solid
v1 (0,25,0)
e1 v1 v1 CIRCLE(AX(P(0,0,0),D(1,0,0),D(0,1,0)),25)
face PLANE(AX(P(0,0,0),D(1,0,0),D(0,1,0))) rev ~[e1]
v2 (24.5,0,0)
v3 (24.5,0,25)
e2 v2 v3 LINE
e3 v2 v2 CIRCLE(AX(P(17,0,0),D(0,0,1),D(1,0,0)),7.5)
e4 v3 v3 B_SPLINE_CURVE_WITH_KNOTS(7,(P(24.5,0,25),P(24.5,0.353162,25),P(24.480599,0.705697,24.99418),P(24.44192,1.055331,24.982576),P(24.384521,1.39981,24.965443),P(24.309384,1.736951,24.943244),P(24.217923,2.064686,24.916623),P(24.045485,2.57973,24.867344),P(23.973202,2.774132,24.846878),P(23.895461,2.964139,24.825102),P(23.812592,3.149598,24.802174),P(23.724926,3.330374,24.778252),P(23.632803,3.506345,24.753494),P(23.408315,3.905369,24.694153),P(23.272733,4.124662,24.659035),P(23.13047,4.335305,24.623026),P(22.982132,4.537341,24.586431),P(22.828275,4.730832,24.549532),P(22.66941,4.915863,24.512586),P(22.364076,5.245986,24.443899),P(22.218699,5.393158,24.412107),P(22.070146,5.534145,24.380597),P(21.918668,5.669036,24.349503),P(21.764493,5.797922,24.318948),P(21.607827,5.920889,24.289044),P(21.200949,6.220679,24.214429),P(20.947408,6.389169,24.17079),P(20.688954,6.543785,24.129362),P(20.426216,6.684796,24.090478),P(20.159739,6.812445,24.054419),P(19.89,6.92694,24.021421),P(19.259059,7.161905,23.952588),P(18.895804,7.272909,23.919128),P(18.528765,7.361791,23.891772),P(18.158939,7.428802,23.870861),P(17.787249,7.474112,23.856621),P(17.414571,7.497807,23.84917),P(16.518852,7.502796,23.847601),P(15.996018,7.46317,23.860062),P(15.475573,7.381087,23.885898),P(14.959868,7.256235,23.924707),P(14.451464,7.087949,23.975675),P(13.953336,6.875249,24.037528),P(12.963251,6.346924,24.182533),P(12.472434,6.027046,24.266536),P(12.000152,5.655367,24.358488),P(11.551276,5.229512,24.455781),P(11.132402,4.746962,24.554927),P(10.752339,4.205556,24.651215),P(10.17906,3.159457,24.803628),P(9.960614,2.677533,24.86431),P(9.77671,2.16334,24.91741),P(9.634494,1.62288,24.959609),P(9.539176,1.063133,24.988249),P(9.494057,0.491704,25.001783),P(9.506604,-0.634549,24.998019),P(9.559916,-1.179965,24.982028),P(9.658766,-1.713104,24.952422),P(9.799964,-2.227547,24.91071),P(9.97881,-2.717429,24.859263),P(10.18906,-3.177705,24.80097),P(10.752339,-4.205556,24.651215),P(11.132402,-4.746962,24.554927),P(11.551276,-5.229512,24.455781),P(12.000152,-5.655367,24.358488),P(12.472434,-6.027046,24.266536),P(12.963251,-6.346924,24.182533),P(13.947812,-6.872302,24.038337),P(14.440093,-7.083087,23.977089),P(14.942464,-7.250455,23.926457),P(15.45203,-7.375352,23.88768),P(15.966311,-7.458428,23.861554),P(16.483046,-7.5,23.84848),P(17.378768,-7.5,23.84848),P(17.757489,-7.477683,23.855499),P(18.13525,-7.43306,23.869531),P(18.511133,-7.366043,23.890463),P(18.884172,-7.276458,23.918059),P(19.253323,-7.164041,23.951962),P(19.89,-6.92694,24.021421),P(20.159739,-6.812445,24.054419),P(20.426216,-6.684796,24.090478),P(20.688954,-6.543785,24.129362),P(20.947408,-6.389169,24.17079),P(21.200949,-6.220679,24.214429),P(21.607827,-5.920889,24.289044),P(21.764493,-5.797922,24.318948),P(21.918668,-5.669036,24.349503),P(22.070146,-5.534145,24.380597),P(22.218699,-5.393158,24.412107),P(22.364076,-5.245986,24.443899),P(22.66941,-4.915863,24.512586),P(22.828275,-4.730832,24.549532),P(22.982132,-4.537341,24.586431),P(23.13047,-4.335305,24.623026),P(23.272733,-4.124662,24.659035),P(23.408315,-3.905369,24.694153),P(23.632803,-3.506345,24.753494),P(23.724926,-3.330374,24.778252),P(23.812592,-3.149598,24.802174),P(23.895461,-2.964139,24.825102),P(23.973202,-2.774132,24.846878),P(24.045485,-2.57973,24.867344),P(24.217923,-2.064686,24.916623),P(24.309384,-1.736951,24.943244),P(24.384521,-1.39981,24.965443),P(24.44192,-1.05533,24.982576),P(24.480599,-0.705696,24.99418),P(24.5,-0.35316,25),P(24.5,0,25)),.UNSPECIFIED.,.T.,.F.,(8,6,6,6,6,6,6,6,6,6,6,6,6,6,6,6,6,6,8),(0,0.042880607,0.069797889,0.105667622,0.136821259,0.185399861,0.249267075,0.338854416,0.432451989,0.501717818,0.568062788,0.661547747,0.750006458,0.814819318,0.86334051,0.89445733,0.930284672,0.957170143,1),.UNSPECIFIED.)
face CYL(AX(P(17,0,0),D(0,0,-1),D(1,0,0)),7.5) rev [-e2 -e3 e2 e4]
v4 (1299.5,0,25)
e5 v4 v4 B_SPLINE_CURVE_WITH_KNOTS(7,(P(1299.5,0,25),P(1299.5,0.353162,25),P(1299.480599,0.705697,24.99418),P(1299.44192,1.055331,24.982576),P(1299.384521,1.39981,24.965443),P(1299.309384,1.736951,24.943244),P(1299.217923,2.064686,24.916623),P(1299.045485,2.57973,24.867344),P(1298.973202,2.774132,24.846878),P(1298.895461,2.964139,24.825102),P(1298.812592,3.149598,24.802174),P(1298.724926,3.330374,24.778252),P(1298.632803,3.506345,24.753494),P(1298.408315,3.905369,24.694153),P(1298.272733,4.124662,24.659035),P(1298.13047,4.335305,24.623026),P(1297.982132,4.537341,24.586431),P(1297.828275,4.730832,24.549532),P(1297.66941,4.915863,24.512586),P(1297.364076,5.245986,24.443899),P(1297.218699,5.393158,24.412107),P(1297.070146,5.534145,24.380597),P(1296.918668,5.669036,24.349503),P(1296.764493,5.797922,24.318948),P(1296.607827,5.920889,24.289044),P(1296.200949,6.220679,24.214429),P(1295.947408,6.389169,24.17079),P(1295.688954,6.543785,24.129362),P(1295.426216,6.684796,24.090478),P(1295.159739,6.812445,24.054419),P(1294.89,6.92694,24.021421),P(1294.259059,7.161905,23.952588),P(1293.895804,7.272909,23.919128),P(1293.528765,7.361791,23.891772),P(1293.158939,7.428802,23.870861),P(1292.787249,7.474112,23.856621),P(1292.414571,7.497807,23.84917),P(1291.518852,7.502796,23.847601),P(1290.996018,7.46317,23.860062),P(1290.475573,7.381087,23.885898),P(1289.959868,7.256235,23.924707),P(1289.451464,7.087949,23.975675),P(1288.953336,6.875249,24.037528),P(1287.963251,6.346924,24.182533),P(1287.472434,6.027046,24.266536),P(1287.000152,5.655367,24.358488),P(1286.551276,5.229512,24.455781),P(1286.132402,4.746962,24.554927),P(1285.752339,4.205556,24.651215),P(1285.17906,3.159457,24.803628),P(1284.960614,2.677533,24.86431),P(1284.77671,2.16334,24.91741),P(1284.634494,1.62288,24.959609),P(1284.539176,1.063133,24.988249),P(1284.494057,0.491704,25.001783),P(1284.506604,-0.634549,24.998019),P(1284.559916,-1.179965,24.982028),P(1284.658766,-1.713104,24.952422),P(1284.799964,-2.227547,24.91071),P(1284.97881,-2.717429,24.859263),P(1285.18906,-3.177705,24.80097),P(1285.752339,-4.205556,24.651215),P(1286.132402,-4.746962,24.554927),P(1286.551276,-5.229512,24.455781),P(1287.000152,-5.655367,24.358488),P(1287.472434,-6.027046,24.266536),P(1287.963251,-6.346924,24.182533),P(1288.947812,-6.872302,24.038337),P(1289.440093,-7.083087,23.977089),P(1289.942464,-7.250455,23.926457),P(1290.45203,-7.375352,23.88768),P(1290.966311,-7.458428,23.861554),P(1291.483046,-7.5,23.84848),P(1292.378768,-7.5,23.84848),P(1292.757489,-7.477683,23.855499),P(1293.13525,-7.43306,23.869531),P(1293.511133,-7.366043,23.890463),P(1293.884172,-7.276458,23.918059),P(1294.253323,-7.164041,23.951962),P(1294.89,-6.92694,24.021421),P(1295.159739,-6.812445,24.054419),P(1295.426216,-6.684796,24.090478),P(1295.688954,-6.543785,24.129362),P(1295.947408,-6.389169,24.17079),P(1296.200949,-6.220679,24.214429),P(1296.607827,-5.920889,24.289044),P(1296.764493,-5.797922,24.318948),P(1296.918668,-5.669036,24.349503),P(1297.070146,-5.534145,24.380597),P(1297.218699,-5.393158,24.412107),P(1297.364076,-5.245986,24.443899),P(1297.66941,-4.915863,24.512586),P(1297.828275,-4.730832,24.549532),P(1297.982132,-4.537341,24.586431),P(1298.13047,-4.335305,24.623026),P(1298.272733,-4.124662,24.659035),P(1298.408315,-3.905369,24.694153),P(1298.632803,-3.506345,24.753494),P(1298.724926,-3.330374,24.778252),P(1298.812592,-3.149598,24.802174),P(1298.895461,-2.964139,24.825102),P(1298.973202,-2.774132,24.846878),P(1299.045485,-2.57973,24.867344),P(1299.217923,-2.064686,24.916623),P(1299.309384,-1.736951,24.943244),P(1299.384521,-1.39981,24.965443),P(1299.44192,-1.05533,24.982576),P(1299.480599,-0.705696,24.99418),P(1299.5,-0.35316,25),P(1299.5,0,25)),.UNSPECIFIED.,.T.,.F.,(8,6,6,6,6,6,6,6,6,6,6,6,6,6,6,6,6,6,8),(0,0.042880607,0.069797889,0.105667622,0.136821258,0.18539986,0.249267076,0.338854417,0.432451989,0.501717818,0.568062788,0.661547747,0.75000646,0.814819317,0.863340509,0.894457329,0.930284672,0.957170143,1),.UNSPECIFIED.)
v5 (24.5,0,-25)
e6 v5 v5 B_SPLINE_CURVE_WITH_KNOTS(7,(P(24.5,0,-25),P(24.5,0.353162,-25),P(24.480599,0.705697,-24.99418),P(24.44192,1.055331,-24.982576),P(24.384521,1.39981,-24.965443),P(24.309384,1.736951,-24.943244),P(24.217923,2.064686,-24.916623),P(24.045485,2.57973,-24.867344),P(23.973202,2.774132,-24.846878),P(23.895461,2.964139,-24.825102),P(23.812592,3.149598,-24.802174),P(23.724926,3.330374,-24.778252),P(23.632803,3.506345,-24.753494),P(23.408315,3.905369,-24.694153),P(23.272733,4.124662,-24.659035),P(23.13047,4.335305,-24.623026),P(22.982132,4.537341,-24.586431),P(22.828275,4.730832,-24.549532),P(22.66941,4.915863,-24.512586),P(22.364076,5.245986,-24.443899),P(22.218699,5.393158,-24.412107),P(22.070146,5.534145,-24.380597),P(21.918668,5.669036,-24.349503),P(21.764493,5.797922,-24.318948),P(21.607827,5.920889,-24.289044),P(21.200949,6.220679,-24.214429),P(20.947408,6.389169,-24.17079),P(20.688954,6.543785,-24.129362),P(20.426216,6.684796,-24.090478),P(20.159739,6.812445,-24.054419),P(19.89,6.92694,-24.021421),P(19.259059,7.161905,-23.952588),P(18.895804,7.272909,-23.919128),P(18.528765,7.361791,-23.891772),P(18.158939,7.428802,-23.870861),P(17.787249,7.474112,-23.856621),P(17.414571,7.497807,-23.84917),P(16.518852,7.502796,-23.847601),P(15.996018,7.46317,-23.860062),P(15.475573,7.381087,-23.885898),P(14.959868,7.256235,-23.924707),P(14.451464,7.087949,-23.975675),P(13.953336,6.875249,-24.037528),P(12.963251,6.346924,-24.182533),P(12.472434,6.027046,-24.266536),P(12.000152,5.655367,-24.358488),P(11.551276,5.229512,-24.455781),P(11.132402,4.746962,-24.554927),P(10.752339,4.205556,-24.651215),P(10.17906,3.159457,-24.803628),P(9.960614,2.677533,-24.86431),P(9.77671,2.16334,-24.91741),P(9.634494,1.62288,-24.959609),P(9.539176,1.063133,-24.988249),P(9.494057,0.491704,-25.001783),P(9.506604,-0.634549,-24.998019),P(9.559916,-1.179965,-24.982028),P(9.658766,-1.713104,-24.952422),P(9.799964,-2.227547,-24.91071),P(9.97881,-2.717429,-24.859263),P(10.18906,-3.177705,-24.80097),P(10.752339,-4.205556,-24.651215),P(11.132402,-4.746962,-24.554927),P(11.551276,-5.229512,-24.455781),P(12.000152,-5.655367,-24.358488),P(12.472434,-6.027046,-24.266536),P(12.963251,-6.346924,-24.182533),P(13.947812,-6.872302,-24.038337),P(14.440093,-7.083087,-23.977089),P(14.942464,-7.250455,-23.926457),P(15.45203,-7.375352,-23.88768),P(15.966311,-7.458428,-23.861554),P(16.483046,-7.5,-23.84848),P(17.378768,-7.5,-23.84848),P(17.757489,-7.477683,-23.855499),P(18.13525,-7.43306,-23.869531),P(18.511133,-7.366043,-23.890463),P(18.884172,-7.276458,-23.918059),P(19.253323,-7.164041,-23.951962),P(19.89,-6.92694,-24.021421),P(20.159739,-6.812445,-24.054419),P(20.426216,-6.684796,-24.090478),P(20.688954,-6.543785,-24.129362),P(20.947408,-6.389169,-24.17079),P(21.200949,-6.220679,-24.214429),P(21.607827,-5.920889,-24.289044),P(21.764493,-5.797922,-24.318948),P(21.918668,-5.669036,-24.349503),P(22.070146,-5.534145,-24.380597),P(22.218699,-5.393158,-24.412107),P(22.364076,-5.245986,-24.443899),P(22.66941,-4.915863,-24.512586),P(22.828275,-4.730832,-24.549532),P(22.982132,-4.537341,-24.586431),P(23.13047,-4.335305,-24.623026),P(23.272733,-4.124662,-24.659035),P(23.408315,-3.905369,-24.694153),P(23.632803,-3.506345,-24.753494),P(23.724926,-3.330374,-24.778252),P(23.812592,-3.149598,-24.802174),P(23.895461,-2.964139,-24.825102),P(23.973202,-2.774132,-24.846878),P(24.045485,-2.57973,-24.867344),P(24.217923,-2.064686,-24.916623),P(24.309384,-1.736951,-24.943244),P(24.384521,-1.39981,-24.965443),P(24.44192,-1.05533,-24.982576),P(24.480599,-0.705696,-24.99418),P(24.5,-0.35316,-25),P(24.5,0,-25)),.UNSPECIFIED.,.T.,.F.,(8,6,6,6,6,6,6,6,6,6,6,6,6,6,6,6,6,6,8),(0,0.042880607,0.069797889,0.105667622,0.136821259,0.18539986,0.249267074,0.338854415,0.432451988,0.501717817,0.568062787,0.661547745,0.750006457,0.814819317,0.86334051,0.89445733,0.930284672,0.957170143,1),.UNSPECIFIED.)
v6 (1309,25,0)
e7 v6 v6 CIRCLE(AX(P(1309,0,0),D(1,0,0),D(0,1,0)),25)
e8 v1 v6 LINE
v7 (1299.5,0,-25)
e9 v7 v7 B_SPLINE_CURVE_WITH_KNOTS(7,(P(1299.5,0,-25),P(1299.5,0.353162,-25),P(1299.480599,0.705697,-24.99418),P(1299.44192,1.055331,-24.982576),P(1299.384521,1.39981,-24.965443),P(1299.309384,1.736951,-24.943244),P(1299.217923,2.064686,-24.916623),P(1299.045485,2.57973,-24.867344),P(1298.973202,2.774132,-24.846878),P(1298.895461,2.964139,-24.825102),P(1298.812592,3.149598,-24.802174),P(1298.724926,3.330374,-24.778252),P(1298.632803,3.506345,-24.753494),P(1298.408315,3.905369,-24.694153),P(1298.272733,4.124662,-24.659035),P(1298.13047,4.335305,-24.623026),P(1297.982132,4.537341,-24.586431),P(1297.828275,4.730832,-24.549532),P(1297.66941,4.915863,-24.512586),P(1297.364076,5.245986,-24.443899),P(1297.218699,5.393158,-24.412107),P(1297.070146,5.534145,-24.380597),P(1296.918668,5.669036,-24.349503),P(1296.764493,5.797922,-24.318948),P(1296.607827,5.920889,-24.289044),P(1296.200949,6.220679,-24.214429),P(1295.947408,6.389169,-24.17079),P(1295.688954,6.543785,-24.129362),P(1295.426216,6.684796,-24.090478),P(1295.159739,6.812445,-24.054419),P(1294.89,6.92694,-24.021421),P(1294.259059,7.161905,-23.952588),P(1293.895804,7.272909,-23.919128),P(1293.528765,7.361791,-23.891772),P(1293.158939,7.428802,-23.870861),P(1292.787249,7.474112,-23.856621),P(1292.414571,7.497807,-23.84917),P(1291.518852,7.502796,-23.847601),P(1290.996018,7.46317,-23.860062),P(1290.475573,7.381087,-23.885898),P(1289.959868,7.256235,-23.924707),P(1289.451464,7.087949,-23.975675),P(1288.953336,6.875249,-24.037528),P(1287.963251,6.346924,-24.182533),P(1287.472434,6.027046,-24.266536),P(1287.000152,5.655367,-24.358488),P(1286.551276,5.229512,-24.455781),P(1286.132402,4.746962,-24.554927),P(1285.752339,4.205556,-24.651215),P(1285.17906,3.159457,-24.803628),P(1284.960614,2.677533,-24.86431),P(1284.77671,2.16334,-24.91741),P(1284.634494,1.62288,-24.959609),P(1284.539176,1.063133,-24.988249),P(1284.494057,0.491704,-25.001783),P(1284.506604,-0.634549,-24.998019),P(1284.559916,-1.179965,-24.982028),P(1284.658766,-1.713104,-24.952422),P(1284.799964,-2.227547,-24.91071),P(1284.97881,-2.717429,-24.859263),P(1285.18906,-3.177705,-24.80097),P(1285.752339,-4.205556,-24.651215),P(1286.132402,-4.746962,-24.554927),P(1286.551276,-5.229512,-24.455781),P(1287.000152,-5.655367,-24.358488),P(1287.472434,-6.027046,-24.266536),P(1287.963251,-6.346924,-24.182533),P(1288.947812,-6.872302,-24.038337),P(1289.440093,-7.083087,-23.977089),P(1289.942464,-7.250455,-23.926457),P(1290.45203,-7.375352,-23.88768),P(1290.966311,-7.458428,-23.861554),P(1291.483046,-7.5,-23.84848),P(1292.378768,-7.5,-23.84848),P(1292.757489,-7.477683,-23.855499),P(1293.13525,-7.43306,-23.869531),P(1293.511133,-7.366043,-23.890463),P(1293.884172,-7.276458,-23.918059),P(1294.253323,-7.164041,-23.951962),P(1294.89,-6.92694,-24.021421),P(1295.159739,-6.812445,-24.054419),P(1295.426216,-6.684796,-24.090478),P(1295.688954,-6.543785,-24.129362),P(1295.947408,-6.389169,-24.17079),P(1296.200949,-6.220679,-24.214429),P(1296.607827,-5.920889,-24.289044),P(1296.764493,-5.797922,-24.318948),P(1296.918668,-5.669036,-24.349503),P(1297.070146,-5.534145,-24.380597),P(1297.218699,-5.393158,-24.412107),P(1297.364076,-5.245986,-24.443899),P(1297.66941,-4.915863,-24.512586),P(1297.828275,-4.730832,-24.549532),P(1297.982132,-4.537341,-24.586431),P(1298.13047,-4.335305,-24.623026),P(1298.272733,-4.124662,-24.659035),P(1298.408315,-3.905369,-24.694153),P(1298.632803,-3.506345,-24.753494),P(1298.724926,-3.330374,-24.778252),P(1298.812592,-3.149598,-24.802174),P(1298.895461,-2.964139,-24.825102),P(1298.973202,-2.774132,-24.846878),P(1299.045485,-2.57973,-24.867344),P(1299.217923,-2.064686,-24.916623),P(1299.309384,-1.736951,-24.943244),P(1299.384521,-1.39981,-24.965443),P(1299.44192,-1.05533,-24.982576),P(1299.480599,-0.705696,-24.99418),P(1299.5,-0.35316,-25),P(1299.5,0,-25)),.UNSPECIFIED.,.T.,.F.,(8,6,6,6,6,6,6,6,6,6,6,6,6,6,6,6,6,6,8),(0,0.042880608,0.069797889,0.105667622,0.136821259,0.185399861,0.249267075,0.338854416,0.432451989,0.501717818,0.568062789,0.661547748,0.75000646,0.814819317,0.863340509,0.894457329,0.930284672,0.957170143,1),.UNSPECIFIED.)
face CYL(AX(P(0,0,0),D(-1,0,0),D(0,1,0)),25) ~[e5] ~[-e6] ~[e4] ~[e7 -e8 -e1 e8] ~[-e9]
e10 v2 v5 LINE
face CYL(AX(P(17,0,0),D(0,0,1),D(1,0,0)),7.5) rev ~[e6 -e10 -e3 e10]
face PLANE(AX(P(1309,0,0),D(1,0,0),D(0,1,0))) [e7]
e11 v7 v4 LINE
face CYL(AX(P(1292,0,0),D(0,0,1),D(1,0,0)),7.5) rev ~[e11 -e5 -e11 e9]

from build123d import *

# Parameters (mm, degrees)
F0_R     = 25
F1_DEPTH = 1309
F2_R     = 7.5
F3_DEPTH = 50


with BuildPart() as f1:
    # F0 (on Right) → F1 (new body)
    with BuildSketch(Plane.YZ):
        Circle(F0_R)
    extrude(amount=F1_DEPTH)

    # F2 (on Top) → F3 (cut, symmetric)
    with BuildSketch(Plane.XY):
        with Locations((17, 0)):
            Circle(F2_R)
        with Locations((1292, 0)):
            Circle(F2_R)
    extrude(amount=F3_DEPTH, both=True, mode=Mode.SUBTRACT)


solid = f1.part
